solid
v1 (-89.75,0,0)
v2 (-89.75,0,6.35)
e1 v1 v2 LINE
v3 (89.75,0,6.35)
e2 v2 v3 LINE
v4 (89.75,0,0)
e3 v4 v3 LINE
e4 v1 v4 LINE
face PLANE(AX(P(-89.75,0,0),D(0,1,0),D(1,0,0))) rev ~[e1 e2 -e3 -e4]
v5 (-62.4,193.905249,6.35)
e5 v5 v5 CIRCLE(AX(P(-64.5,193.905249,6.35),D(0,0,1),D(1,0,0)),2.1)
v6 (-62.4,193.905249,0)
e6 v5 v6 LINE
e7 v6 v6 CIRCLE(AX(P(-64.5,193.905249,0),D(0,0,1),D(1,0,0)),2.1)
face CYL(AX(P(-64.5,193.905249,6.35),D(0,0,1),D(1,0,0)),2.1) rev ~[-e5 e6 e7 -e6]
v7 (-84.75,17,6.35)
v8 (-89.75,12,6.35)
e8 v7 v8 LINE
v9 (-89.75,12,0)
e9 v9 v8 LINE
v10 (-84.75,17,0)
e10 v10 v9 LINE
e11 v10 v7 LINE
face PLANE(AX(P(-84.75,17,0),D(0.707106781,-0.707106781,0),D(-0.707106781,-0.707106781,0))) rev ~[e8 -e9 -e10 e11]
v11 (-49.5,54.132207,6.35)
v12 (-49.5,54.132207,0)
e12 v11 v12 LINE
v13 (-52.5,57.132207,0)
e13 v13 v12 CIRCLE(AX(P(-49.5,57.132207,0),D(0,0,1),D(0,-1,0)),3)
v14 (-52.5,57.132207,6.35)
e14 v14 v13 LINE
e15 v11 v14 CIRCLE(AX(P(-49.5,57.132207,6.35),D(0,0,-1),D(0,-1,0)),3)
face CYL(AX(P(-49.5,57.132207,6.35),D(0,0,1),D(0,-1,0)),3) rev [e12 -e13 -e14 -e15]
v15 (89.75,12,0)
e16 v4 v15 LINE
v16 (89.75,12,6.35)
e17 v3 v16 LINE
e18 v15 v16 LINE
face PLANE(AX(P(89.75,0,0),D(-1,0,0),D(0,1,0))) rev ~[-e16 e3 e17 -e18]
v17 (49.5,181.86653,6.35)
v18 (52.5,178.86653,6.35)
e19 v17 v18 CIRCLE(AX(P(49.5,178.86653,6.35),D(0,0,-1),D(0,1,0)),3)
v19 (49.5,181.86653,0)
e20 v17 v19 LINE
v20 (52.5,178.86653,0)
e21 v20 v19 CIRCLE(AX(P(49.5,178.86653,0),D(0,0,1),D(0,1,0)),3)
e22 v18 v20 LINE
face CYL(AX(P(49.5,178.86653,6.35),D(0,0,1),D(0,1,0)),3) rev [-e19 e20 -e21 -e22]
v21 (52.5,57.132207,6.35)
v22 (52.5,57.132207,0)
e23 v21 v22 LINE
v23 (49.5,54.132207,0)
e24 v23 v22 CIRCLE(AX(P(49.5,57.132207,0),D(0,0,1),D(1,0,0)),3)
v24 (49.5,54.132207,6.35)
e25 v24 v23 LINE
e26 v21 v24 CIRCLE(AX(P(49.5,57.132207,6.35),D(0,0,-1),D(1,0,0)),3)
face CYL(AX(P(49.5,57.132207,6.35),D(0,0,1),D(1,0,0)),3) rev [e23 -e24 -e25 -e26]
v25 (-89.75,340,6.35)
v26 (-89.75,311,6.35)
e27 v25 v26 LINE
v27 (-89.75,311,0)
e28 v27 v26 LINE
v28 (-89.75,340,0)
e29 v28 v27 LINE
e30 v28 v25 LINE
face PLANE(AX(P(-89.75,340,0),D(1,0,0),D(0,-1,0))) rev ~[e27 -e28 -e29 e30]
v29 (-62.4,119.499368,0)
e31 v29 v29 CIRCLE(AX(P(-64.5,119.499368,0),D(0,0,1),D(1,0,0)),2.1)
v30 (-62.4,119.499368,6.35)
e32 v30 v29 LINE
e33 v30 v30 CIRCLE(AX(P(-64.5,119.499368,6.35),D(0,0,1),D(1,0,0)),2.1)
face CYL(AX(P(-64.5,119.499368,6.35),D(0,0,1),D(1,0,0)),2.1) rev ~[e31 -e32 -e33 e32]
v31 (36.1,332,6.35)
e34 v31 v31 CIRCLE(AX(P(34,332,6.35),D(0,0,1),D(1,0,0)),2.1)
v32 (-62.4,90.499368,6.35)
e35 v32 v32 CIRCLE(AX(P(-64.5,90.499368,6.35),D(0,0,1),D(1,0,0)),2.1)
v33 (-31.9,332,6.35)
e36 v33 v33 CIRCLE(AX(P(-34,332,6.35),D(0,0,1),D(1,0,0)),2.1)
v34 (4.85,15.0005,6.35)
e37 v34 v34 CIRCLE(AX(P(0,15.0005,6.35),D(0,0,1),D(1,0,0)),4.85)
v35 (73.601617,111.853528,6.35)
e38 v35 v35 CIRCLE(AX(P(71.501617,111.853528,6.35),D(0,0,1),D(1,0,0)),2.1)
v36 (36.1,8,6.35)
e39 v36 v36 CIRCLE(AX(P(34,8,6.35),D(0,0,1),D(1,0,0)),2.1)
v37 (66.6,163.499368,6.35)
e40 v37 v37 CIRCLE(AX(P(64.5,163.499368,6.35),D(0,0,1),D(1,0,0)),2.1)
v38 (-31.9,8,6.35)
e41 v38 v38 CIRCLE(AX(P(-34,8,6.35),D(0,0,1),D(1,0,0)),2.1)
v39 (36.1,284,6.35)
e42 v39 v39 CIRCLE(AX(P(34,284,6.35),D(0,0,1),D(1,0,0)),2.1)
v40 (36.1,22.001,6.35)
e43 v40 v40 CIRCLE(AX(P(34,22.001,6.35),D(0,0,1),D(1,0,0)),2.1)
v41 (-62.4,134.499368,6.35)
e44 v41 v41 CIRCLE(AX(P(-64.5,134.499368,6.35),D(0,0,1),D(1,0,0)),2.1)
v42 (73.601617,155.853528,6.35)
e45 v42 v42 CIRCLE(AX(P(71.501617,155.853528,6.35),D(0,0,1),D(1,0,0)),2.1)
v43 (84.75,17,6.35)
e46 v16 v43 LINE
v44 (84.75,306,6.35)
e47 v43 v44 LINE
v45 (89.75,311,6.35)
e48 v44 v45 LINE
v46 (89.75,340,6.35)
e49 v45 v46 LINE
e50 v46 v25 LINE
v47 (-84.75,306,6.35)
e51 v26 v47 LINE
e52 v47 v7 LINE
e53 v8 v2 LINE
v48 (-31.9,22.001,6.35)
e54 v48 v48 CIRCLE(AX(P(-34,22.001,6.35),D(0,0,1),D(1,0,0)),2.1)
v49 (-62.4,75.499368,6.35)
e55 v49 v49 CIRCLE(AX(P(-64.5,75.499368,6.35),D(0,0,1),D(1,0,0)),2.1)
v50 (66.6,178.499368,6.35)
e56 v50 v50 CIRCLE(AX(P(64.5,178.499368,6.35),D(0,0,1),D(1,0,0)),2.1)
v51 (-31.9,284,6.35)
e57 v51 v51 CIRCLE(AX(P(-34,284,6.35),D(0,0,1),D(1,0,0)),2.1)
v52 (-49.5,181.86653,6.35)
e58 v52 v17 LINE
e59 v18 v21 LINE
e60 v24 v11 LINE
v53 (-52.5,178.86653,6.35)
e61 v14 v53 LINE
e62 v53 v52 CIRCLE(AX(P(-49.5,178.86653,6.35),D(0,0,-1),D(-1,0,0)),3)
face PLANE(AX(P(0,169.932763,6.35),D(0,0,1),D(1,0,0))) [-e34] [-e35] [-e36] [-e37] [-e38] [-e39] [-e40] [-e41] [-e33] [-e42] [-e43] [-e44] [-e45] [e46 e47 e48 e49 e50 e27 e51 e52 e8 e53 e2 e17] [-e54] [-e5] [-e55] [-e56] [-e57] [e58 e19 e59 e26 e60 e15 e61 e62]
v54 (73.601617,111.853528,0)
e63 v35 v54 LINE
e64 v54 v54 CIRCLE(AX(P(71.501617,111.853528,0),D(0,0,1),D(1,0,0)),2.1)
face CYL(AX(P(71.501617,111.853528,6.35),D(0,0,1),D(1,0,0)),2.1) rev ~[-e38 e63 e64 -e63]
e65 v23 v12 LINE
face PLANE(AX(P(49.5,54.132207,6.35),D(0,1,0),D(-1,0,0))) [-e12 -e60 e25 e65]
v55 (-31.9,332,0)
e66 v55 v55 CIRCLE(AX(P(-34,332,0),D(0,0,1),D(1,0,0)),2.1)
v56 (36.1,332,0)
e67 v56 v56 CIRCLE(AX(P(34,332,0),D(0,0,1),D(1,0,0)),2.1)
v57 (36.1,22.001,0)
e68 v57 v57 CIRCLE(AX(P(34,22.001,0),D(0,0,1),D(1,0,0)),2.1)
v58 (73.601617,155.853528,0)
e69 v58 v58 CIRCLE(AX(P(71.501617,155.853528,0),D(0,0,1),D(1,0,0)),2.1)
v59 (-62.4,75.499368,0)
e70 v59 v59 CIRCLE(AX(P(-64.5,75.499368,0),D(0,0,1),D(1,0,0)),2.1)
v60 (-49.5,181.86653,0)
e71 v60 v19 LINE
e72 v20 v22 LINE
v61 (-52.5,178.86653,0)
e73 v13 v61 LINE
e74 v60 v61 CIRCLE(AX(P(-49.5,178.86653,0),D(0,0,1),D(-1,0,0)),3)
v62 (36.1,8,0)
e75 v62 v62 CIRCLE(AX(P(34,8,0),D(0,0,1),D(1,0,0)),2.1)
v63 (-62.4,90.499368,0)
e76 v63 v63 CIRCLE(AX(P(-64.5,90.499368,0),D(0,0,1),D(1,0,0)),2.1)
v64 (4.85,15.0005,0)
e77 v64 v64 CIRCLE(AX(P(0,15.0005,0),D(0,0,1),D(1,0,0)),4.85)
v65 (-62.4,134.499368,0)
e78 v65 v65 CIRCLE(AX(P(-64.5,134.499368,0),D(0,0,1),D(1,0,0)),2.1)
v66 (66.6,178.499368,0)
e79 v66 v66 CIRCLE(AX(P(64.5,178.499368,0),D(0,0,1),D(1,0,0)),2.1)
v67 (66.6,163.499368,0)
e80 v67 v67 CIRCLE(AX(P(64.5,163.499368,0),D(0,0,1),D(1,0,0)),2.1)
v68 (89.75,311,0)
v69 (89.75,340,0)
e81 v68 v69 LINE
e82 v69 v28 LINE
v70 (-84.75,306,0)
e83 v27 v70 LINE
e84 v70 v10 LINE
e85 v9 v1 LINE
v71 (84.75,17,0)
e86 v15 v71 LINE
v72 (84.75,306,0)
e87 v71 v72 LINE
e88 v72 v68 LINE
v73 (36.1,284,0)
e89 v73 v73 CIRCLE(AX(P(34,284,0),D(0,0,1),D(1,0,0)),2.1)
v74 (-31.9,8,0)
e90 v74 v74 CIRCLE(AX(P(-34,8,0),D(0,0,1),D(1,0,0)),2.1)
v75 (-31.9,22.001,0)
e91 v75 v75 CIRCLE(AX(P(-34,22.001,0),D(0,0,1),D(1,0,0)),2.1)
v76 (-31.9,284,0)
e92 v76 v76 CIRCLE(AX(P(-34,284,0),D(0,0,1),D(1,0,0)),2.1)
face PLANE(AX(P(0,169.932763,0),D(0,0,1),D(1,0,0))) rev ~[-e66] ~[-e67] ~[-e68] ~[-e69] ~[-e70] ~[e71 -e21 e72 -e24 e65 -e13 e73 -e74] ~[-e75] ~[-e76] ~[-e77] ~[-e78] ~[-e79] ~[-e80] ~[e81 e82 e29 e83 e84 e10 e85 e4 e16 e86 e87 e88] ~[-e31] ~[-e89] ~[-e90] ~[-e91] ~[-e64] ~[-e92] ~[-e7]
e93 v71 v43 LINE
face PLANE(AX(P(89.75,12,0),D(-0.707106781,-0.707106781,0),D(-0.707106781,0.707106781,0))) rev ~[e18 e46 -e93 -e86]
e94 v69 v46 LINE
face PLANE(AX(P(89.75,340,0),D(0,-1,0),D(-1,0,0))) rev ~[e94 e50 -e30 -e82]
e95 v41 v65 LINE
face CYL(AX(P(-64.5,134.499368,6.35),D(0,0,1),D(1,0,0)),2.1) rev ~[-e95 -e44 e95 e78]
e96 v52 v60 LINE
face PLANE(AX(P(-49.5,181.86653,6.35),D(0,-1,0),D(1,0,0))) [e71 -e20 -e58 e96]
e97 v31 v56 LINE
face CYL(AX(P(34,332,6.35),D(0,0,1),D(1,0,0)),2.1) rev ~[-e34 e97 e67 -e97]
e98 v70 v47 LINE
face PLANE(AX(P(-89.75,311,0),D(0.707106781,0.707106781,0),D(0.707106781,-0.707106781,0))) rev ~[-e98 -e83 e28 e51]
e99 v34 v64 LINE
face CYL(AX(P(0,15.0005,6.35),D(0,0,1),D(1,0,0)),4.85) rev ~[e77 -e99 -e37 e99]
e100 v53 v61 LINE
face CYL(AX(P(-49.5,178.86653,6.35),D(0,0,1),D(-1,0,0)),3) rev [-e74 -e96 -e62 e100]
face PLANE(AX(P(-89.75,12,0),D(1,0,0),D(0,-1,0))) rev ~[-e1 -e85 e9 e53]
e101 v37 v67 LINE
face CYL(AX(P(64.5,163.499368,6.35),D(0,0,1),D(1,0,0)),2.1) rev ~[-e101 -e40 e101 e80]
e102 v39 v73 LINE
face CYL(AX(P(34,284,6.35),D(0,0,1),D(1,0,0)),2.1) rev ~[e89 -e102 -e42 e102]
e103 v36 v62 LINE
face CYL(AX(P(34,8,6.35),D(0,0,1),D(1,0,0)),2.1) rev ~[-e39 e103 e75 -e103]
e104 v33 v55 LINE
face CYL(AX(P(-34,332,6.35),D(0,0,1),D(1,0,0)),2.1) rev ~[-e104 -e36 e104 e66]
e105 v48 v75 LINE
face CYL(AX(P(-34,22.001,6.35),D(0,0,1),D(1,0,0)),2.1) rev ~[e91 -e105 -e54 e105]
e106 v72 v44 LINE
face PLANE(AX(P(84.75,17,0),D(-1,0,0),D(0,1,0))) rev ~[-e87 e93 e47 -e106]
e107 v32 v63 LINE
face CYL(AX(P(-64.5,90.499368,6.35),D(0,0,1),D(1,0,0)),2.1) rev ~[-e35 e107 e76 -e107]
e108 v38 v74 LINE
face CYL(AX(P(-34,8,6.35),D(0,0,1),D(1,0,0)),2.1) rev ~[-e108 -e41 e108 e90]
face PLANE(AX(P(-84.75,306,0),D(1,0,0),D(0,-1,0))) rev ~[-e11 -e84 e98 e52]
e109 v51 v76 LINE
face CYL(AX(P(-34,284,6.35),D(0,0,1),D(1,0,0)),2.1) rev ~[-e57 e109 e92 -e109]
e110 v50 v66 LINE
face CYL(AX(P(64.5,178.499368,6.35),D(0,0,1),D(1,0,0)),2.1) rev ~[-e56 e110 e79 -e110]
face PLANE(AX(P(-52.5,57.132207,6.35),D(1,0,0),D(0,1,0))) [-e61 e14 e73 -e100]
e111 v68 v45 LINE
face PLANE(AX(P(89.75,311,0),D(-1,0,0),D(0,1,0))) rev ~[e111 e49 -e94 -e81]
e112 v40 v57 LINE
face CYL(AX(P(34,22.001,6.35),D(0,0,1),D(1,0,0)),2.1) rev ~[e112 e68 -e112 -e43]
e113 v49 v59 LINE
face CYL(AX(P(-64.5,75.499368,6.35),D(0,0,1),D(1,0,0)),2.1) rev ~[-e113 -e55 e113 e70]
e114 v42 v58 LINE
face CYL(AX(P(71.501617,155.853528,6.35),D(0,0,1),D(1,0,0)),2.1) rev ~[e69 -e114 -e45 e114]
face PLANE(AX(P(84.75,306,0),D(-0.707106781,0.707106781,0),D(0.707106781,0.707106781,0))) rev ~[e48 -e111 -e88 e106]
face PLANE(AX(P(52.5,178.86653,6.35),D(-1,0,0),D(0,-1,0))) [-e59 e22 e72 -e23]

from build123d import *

# Parameters (mm, degrees)
BOSS_EXTRUDE1_DEPTH = 6.35
CUT_EXTRUDE1_DEPTH  = 7.35
SKETCH3_R           = 2.1
CUT_EXTRUDE2_DEPTH  = 7.35
SKETCH4_R           = 2.1
CUT_EXTRUDE3_DEPTH  = 7.35
SKETCH5_R           = 4.85
CUT_EXTRUDE4_DEPTH  = 7.35


with BuildPart() as part:
    # Sketch1 → Boss-Extrude1 (new body)
    with BuildSketch(Plane.XY):
        Polygon((-89.75, 0), (89.75, 0), (89.75, 12), (84.75, 17), (84.75, 306), (89.75, 311), (89.75, 340), (-89.75, 340), (-89.75, 311), (-84.75, 306), (-84.75, 17), (-89.75, 12), align=None)
    extrude(amount=BOSS_EXTRUDE1_DEPTH)

    # Sketch2 → Cut-Extrude1 (cut, through all)
    with BuildSketch(Plane.XY.offset(6.35)):
        with BuildLine():
            Line((-49.5, 181.866529721), (49.5, 181.866529721))
            ThreePointArc((49.5, 181.866529721), (51.621320344, 180.987850064), (52.5, 178.866529721))
            Line((52.5, 178.866529721), (52.5, 57.132206767))
            ThreePointArc((52.5, 57.132206767), (51.621320344, 55.010886424), (49.5, 54.132206767))
            Line((49.5, 54.132206767), (-49.5, 54.132206767))
            ThreePointArc((-49.5, 54.132206767), (-51.621320344, 55.010886424), (-52.5, 57.132206767))
            Line((-52.5, 57.132206767), (-52.5, 178.866529721))
            ThreePointArc((-52.5, 178.866529721), (-51.621320344, 180.987850064), (-49.5, 181.866529721))
        make_face()
    extrude(amount=-CUT_EXTRUDE1_DEPTH, mode=Mode.SUBTRACT)

    # Sketch3 → Cut-Extrude2 (cut, through all)
    with BuildSketch(Plane.XY.offset(6.35)):
        with Locations((-64.5, 75.499368245)):
            Circle(SKETCH3_R)
        with Locations((-64.5, 90.499368245)):
            Circle(SKETCH3_R)
        with Locations((-64.5, 134.499368243)):
            Circle(SKETCH3_R)
        with Locations((-64.5, 119.499368243)):
            Circle(SKETCH3_R)
        with Locations((-64.5, 193.905249142)):
            Circle(SKETCH3_R)
        with Locations((64.5, 163.499368242)):
            Circle(SKETCH3_R)
        with Locations((64.5, 178.499368242)):
            Circle(SKETCH3_R)
        with Locations((71.501617277, 155.85352801)):
            Circle(SKETCH3_R)
        with Locations((71.501617277, 111.85352804)):
            Circle(SKETCH3_R)
    extrude(amount=-CUT_EXTRUDE2_DEPTH, mode=Mode.SUBTRACT)

    # Sketch4 → Cut-Extrude3 (cut, through all)
    with BuildSketch(Plane.XY.offset(6.35)):
        with Locations((-34, 332)):
            Circle(SKETCH4_R)
        with Locations((34, 332)):
            Circle(SKETCH4_R)
        with Locations((34, 284)):
            Circle(SKETCH4_R)
        with Locations((-34, 284)):
            Circle(SKETCH4_R)
        with Locations((-34, 8)):
            Circle(SKETCH4_R)
        with Locations((-34, 22.001)):
            Circle(SKETCH4_R)
        with Locations((34, 22.001)):
            Circle(SKETCH4_R)
        with Locations((34, 8)):
            Circle(SKETCH4_R)
    extrude(amount=-CUT_EXTRUDE3_DEPTH, mode=Mode.SUBTRACT)

    # Sketch5 → Cut-Extrude4 (cut, through all)
    with BuildSketch(Plane.XY.offset(6.35)):
        with Locations((0, 15.0005)):
            Circle(SKETCH5_R)
    extrude(amount=-CUT_EXTRUDE4_DEPTH, mode=Mode.SUBTRACT)


solid = part.part
